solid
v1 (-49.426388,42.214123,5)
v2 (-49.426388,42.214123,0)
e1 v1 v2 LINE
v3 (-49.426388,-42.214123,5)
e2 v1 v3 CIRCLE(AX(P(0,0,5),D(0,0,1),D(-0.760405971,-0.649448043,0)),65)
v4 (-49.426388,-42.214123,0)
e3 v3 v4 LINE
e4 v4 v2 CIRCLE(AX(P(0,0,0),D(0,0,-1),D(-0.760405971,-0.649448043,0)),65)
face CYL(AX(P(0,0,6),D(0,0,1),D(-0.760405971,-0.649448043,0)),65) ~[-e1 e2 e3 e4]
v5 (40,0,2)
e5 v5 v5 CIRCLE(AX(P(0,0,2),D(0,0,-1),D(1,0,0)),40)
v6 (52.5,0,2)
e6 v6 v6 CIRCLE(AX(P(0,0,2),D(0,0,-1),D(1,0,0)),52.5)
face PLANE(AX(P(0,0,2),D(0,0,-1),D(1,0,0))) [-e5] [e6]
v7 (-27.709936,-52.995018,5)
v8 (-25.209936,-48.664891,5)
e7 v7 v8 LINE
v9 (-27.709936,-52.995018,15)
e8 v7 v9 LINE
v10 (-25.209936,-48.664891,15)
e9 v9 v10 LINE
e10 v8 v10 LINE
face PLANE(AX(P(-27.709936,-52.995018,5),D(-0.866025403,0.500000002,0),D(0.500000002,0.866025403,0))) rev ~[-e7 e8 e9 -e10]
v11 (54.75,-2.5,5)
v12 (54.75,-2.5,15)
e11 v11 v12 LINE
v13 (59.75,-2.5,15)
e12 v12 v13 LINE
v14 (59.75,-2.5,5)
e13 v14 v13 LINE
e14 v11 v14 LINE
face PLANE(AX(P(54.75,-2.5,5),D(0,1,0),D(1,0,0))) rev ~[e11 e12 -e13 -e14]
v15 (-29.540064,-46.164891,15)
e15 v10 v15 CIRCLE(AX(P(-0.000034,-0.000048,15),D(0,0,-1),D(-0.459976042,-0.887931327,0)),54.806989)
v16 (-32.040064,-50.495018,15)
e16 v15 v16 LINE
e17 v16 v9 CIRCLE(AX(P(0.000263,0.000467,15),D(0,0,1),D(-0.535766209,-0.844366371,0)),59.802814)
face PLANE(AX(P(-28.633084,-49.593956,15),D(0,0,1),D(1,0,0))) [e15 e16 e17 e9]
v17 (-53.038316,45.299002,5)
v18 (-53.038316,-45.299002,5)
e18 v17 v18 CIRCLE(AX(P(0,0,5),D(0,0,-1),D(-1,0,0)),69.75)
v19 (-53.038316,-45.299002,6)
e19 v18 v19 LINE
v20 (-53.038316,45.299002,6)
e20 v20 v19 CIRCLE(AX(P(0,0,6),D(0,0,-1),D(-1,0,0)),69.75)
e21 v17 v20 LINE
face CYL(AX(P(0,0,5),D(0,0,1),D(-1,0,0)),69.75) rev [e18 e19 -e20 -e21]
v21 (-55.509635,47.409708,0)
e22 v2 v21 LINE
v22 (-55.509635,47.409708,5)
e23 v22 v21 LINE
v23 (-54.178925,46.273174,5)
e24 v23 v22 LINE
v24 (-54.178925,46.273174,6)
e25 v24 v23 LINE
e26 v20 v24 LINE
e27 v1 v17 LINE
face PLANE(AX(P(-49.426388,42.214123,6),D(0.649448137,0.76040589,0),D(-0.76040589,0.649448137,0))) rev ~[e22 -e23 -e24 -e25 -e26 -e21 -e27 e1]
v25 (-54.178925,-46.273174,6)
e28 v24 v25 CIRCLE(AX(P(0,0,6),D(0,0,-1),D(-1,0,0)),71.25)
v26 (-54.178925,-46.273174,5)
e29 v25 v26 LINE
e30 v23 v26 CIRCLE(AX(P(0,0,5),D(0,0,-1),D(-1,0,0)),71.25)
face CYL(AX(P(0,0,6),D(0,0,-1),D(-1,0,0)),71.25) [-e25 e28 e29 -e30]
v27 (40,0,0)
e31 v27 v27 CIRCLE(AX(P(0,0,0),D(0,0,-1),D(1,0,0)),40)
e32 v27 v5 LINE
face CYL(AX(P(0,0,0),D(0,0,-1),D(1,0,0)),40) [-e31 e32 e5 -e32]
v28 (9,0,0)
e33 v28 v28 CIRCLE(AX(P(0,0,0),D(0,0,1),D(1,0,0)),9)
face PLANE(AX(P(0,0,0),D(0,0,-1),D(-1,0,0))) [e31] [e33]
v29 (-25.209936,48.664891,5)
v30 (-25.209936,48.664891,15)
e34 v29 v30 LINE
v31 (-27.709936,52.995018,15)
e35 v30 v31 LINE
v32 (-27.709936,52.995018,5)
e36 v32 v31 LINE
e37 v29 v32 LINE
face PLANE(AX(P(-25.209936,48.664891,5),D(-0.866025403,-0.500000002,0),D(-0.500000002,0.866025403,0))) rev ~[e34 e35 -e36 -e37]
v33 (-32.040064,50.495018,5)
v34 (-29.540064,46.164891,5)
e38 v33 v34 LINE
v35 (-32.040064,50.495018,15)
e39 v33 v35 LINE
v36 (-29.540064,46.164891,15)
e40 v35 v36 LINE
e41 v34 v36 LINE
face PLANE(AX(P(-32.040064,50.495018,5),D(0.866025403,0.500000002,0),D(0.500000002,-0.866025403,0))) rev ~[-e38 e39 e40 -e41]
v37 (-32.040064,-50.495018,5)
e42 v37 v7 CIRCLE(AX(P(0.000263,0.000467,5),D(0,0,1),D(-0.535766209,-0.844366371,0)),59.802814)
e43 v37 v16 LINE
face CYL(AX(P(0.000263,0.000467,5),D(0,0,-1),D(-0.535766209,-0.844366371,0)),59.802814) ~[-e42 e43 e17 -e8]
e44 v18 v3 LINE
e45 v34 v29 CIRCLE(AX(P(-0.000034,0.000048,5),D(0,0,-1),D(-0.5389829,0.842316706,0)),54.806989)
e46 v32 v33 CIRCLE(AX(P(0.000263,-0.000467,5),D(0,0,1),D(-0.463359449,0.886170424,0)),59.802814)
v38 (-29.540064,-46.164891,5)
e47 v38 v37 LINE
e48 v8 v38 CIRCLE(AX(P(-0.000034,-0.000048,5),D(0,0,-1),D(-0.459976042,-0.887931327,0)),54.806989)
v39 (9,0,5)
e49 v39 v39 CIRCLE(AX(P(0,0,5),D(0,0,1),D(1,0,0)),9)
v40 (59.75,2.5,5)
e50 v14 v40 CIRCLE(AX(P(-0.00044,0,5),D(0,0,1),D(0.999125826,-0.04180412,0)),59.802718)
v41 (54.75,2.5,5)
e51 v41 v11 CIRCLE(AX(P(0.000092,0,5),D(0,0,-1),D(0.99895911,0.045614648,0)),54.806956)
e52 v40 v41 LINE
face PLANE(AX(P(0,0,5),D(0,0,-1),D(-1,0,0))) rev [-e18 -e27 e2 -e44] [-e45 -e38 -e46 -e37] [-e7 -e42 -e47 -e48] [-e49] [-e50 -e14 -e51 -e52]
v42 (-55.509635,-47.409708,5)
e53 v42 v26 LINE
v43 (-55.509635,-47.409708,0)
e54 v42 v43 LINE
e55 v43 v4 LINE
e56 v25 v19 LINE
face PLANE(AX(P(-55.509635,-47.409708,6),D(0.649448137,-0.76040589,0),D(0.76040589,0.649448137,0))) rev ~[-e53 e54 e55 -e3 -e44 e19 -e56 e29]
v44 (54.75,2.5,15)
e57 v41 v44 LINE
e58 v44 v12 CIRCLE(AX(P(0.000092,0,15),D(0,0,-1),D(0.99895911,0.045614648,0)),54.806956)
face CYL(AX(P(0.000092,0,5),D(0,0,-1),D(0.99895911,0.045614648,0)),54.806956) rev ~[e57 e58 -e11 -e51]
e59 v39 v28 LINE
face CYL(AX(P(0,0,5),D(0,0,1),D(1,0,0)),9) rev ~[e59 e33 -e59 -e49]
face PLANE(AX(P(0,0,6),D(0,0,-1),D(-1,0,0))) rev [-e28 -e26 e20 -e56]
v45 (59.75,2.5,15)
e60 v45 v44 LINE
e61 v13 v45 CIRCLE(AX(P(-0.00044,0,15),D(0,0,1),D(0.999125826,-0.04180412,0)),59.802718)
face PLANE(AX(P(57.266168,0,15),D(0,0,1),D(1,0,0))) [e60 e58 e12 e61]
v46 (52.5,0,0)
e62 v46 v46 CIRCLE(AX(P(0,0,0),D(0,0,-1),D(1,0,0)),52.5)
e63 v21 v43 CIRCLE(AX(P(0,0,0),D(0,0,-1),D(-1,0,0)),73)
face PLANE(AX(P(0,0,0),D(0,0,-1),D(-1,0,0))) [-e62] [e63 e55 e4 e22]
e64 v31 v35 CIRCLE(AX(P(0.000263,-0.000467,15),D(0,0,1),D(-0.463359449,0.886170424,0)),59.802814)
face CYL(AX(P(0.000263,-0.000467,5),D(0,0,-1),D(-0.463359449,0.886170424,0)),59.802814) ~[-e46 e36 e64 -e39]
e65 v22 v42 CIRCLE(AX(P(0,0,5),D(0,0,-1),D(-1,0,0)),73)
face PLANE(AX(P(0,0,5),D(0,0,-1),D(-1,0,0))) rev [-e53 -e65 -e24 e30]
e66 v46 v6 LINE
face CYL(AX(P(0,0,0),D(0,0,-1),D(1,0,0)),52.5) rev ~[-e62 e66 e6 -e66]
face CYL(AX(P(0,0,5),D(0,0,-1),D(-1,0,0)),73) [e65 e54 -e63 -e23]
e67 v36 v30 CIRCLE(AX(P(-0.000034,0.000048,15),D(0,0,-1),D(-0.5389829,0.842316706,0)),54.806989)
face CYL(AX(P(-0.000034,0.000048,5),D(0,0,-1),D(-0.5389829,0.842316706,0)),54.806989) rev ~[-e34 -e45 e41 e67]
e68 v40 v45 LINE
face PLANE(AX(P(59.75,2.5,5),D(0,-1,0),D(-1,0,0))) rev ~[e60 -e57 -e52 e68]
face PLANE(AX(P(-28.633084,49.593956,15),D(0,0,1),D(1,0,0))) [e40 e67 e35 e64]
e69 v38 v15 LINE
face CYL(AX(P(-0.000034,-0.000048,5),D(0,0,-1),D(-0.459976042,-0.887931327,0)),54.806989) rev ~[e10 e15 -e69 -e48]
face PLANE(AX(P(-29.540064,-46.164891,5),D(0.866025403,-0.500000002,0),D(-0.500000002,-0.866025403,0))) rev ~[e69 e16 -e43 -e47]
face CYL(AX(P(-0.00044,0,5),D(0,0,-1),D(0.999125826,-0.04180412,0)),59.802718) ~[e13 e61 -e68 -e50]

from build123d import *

# Parameters (mm, degrees)
F2_R     = 52.5
F2_R_2   = 40
F3_DEPTH = 2
F4_R     = 9
F5_DEPTH = 5
F7_DEPTH = 10
F9_DEPTH = 6


with BuildPart() as f1:
    # F0 (on Front) → F1 (revolve)
    with BuildSketch(Plane.XZ):
        Polygon((-73, 0), (0, 0), (0, 5), (-69.75, 5), (-69.75, 6), (-71.25, 6), (-71.25, 5), (-73, 5), align=None)
    revolve(axis=Axis((0, 0, 2.5), (0, 0, -1)))

    # F2 (on face) → F3 (cut)
    with BuildSketch(Plane(origin=(0, 0, 0), x_dir=(1, 0, 0), z_dir=(0, 0, -1))):
        Circle(F2_R)
        Circle(F2_R_2, mode=Mode.SUBTRACT)
    extrude(amount=-F3_DEPTH, mode=Mode.SUBTRACT)

    # F4 (on face) → F5 (cut, through all)
    with BuildSketch(Plane.XY.offset(5)):
        Circle(F4_R)
    extrude(amount=-F5_DEPTH, mode=Mode.SUBTRACT)

    # F6 (on face) → F7 (join)
    with BuildSketch(Plane.XY.offset(5)):
        with BuildLine():
            ThreePointArc((59.75, -2.5), (59.802278, 0), (59.75, 2.5))
            Line((59.75, 2.5), (54.75, 2.5))
            ThreePointArc((54.75, 2.5), (54.807048, 0), (54.75, -2.5))
            Line((54.75, -2.5), (59.75, -2.5))
        make_face()
        with BuildLine():
            ThreePointArc((-29.540064, 46.164891), (-27.403524, 47.464296), (-25.209936, 48.664891))
            Line((-25.209936, 48.664891), (-27.709936, 52.995018))
            ThreePointArc((-27.709936, 52.995018), (-29.901139, 51.790292), (-32.040064, 50.495018))
            Line((-32.040064, 50.495018), (-29.540064, 46.164891))
        make_face()
        with BuildLine():
            ThreePointArc((-25.209936, -48.664891), (-27.403524, -47.464296), (-29.540064, -46.164891))
            Line((-29.540064, -46.164891), (-32.040064, -50.495018))
            ThreePointArc((-32.040064, -50.495018), (-29.901139, -51.790292), (-27.709936, -52.995018))
            Line((-27.709936, -52.995018), (-25.209936, -48.664891))
        make_face()
    extrude(amount=F7_DEPTH)

    # F8 (on face) → F9 (cut, through all)
    with BuildSketch(Plane.XY.offset(6)):
        with BuildLine():
            Line((-49.426388, 42.214123), (-55.509635, 47.409708))
            ThreePointArc((-55.509635, 47.409708), (-73, 0), (-55.509635, -47.409708))
            Line((-55.509635, -47.409708), (-49.426388, -42.214123))
            ThreePointArc((-49.426388, -42.214123), (-65, 0), (-49.426388, 42.214123))
        make_face()
    extrude(amount=-F9_DEPTH, mode=Mode.SUBTRACT)


solid = f1.part
